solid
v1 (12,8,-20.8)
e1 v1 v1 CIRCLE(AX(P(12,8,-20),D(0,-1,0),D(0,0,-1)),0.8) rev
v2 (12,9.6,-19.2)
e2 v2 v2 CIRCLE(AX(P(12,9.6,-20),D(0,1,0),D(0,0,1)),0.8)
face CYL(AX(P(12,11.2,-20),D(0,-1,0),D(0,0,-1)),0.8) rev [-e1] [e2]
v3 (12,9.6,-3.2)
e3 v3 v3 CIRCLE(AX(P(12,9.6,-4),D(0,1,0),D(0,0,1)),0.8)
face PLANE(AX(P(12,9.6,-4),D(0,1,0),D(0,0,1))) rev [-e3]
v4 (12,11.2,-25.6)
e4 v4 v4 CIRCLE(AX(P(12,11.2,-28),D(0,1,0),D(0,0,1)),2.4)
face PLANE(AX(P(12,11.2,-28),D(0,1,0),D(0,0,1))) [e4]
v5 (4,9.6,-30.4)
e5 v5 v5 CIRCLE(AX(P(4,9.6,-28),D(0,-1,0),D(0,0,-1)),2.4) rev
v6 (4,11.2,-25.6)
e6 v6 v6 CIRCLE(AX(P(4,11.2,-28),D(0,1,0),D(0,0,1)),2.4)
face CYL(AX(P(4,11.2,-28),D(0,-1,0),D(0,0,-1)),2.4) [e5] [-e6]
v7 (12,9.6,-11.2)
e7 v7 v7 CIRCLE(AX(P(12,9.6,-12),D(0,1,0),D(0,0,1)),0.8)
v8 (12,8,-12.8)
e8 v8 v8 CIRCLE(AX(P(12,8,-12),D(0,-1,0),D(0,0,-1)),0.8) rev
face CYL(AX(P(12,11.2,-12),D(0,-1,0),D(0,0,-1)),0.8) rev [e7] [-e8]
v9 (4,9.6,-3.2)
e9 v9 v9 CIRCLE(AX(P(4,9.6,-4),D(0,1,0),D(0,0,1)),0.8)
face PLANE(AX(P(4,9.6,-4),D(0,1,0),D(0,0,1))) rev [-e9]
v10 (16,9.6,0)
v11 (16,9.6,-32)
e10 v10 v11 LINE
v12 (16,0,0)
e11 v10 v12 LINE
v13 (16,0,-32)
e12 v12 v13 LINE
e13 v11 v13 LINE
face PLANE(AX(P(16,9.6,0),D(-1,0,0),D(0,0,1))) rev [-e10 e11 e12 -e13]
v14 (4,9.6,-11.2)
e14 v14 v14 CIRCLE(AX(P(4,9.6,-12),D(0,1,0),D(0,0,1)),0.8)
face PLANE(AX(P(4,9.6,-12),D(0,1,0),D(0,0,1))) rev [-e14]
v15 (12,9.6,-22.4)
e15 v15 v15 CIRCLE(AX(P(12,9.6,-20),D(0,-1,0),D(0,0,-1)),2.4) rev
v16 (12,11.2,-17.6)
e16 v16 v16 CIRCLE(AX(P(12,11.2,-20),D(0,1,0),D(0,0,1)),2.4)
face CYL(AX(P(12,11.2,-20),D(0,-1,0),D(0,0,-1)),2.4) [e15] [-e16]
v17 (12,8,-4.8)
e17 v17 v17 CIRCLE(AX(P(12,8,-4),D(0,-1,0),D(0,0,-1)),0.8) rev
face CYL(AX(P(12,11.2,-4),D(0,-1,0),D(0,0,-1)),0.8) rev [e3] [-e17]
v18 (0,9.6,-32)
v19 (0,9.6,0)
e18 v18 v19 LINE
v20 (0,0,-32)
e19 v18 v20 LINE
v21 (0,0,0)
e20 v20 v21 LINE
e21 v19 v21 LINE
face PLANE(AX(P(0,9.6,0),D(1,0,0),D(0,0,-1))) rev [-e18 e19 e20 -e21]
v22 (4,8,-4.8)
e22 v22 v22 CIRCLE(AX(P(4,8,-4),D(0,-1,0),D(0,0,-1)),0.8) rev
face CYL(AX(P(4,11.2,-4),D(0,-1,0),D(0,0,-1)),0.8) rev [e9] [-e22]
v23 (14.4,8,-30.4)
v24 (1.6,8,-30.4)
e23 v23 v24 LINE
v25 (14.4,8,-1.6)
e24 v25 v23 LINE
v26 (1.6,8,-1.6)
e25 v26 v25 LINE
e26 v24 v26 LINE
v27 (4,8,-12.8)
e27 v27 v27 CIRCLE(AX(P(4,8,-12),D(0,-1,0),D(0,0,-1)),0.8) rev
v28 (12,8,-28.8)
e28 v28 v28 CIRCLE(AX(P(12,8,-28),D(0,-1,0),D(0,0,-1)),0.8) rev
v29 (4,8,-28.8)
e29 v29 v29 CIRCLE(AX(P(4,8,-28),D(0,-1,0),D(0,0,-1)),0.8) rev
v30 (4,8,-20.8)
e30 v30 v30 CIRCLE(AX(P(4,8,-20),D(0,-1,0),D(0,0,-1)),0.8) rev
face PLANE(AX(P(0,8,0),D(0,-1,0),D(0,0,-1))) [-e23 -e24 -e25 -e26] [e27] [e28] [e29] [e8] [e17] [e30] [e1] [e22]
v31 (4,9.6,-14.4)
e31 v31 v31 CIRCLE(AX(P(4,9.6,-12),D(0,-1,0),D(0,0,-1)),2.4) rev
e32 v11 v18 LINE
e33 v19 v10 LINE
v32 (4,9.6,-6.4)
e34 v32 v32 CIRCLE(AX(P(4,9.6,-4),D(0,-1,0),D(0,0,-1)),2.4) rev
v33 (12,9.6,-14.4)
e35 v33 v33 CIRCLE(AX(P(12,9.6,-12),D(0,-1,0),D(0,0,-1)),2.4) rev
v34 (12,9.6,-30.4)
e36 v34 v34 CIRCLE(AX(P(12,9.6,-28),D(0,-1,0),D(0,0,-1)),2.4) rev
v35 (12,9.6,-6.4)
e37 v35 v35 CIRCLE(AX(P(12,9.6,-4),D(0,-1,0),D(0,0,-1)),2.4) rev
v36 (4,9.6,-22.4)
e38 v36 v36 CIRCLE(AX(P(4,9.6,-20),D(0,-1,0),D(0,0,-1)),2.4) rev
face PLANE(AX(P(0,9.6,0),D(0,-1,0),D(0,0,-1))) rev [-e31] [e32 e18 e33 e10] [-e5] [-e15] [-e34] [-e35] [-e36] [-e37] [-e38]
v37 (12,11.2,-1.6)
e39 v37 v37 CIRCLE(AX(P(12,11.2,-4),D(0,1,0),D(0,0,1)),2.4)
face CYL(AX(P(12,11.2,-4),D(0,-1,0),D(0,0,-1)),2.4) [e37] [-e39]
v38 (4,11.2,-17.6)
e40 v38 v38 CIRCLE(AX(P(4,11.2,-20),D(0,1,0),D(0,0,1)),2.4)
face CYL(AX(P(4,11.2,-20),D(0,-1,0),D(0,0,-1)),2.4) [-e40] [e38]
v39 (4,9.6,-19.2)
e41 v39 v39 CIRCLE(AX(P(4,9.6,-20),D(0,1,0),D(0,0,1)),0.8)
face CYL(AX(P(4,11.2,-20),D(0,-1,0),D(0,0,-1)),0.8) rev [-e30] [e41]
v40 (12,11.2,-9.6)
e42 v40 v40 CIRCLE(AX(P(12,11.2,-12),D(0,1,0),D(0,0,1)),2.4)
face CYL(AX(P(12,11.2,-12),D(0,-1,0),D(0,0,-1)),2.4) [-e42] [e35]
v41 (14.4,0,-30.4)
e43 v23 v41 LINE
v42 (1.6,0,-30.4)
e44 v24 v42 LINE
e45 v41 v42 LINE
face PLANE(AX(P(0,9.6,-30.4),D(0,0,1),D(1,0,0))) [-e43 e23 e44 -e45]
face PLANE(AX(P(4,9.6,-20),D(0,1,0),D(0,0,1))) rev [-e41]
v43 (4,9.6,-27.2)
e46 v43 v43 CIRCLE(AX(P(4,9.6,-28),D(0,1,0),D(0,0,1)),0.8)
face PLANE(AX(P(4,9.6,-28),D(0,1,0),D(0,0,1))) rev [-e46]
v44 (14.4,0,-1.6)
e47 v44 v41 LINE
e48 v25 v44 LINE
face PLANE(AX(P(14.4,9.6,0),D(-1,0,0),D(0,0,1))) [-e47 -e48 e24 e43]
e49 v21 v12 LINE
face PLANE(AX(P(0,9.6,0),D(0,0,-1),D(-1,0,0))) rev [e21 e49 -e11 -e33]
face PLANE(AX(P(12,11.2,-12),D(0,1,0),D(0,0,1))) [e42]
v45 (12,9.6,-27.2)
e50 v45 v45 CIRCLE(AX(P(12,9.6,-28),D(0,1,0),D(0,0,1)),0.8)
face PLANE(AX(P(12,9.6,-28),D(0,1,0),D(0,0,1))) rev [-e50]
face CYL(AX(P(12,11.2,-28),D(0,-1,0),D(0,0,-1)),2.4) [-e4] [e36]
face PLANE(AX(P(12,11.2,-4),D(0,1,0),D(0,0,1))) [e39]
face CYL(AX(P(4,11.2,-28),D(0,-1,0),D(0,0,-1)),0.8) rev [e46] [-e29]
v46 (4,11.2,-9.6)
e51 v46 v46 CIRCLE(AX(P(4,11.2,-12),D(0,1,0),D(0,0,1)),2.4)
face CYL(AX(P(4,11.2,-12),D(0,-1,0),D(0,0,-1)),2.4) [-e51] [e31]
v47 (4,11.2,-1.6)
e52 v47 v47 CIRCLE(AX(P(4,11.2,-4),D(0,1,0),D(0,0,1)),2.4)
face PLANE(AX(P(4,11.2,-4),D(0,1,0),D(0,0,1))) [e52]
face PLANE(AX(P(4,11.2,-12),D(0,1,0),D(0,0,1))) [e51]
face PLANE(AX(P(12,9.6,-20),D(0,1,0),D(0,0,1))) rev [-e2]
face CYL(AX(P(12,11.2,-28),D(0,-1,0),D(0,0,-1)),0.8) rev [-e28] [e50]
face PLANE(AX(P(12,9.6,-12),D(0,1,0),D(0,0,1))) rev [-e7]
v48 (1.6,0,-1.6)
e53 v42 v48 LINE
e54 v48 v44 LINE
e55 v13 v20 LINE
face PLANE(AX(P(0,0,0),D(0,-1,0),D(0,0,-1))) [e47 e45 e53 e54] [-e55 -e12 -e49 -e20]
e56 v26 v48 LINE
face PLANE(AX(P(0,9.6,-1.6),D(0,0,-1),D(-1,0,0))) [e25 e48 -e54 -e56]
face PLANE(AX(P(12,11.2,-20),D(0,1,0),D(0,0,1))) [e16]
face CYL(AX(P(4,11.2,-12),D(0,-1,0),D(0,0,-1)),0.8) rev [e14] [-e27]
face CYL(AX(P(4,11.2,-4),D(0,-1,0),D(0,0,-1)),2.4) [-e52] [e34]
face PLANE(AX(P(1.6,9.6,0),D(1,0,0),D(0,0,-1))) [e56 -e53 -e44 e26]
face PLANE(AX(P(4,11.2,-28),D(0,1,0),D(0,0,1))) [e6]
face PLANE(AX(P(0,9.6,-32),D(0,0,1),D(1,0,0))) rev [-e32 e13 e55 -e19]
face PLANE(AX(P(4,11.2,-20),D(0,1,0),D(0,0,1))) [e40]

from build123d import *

# Parameters (mm, degrees)
SKETCH1_W            = 16
SKETCH1_H            = 32
BOSS_EXTRUDE1_DEPTH  = 9.6
SKETCH2_R            = 2.4
BOSS_EXTRUDE2_DEPTH  = 1.6
LPATTERN1_COUNT      = 2
LPATTERN1_PITCH      = 8
LPATTERN1_COUNT_DIR2 = 4
LPATTERN1_PITCH_DIR2 = 8
SHELL1_T             = -1.6


with BuildPart() as part:
    # Sketch1 → Boss-Extrude1 (new body)
    with BuildSketch(Plane(origin=(0, 0, 0), x_dir=(1, 0, 0), z_dir=(0, 1, 0))):
        with Locations((8, 16)):
            Rectangle(SKETCH1_W, SKETCH1_H)
    extrude(amount=BOSS_EXTRUDE1_DEPTH)

    # Sketch2 → Boss-Extrude2 (add)
    with BuildSketch(Plane(origin=(0, 9.6, 0), x_dir=(1, 0, 0), z_dir=(0, 1, 0))):
        with Locations(Location((12, 4, 0), (0, 0, 90))):
            Circle(SKETCH2_R)
    boss_extrude2 = extrude(amount=BOSS_EXTRUDE2_DEPTH)

    # LPattern1: Boss-Extrude2 2 × 4
    with Locations(*[(-i * LPATTERN1_PITCH, 0, -j * LPATTERN1_PITCH_DIR2) for i in range(LPATTERN1_COUNT) for j in range(LPATTERN1_COUNT_DIR2) if (i, j) != (0, 0)]):
        add(boss_extrude2)

    # Shell1
    shell1_openings = [part.faces().sort_by_distance(p)[0] for p in [
        (8, 0, -16),
    ]]
    offset(amount=SHELL1_T, openings=shell1_openings, kind=Kind.INTERSECTION)


solid = part.part
